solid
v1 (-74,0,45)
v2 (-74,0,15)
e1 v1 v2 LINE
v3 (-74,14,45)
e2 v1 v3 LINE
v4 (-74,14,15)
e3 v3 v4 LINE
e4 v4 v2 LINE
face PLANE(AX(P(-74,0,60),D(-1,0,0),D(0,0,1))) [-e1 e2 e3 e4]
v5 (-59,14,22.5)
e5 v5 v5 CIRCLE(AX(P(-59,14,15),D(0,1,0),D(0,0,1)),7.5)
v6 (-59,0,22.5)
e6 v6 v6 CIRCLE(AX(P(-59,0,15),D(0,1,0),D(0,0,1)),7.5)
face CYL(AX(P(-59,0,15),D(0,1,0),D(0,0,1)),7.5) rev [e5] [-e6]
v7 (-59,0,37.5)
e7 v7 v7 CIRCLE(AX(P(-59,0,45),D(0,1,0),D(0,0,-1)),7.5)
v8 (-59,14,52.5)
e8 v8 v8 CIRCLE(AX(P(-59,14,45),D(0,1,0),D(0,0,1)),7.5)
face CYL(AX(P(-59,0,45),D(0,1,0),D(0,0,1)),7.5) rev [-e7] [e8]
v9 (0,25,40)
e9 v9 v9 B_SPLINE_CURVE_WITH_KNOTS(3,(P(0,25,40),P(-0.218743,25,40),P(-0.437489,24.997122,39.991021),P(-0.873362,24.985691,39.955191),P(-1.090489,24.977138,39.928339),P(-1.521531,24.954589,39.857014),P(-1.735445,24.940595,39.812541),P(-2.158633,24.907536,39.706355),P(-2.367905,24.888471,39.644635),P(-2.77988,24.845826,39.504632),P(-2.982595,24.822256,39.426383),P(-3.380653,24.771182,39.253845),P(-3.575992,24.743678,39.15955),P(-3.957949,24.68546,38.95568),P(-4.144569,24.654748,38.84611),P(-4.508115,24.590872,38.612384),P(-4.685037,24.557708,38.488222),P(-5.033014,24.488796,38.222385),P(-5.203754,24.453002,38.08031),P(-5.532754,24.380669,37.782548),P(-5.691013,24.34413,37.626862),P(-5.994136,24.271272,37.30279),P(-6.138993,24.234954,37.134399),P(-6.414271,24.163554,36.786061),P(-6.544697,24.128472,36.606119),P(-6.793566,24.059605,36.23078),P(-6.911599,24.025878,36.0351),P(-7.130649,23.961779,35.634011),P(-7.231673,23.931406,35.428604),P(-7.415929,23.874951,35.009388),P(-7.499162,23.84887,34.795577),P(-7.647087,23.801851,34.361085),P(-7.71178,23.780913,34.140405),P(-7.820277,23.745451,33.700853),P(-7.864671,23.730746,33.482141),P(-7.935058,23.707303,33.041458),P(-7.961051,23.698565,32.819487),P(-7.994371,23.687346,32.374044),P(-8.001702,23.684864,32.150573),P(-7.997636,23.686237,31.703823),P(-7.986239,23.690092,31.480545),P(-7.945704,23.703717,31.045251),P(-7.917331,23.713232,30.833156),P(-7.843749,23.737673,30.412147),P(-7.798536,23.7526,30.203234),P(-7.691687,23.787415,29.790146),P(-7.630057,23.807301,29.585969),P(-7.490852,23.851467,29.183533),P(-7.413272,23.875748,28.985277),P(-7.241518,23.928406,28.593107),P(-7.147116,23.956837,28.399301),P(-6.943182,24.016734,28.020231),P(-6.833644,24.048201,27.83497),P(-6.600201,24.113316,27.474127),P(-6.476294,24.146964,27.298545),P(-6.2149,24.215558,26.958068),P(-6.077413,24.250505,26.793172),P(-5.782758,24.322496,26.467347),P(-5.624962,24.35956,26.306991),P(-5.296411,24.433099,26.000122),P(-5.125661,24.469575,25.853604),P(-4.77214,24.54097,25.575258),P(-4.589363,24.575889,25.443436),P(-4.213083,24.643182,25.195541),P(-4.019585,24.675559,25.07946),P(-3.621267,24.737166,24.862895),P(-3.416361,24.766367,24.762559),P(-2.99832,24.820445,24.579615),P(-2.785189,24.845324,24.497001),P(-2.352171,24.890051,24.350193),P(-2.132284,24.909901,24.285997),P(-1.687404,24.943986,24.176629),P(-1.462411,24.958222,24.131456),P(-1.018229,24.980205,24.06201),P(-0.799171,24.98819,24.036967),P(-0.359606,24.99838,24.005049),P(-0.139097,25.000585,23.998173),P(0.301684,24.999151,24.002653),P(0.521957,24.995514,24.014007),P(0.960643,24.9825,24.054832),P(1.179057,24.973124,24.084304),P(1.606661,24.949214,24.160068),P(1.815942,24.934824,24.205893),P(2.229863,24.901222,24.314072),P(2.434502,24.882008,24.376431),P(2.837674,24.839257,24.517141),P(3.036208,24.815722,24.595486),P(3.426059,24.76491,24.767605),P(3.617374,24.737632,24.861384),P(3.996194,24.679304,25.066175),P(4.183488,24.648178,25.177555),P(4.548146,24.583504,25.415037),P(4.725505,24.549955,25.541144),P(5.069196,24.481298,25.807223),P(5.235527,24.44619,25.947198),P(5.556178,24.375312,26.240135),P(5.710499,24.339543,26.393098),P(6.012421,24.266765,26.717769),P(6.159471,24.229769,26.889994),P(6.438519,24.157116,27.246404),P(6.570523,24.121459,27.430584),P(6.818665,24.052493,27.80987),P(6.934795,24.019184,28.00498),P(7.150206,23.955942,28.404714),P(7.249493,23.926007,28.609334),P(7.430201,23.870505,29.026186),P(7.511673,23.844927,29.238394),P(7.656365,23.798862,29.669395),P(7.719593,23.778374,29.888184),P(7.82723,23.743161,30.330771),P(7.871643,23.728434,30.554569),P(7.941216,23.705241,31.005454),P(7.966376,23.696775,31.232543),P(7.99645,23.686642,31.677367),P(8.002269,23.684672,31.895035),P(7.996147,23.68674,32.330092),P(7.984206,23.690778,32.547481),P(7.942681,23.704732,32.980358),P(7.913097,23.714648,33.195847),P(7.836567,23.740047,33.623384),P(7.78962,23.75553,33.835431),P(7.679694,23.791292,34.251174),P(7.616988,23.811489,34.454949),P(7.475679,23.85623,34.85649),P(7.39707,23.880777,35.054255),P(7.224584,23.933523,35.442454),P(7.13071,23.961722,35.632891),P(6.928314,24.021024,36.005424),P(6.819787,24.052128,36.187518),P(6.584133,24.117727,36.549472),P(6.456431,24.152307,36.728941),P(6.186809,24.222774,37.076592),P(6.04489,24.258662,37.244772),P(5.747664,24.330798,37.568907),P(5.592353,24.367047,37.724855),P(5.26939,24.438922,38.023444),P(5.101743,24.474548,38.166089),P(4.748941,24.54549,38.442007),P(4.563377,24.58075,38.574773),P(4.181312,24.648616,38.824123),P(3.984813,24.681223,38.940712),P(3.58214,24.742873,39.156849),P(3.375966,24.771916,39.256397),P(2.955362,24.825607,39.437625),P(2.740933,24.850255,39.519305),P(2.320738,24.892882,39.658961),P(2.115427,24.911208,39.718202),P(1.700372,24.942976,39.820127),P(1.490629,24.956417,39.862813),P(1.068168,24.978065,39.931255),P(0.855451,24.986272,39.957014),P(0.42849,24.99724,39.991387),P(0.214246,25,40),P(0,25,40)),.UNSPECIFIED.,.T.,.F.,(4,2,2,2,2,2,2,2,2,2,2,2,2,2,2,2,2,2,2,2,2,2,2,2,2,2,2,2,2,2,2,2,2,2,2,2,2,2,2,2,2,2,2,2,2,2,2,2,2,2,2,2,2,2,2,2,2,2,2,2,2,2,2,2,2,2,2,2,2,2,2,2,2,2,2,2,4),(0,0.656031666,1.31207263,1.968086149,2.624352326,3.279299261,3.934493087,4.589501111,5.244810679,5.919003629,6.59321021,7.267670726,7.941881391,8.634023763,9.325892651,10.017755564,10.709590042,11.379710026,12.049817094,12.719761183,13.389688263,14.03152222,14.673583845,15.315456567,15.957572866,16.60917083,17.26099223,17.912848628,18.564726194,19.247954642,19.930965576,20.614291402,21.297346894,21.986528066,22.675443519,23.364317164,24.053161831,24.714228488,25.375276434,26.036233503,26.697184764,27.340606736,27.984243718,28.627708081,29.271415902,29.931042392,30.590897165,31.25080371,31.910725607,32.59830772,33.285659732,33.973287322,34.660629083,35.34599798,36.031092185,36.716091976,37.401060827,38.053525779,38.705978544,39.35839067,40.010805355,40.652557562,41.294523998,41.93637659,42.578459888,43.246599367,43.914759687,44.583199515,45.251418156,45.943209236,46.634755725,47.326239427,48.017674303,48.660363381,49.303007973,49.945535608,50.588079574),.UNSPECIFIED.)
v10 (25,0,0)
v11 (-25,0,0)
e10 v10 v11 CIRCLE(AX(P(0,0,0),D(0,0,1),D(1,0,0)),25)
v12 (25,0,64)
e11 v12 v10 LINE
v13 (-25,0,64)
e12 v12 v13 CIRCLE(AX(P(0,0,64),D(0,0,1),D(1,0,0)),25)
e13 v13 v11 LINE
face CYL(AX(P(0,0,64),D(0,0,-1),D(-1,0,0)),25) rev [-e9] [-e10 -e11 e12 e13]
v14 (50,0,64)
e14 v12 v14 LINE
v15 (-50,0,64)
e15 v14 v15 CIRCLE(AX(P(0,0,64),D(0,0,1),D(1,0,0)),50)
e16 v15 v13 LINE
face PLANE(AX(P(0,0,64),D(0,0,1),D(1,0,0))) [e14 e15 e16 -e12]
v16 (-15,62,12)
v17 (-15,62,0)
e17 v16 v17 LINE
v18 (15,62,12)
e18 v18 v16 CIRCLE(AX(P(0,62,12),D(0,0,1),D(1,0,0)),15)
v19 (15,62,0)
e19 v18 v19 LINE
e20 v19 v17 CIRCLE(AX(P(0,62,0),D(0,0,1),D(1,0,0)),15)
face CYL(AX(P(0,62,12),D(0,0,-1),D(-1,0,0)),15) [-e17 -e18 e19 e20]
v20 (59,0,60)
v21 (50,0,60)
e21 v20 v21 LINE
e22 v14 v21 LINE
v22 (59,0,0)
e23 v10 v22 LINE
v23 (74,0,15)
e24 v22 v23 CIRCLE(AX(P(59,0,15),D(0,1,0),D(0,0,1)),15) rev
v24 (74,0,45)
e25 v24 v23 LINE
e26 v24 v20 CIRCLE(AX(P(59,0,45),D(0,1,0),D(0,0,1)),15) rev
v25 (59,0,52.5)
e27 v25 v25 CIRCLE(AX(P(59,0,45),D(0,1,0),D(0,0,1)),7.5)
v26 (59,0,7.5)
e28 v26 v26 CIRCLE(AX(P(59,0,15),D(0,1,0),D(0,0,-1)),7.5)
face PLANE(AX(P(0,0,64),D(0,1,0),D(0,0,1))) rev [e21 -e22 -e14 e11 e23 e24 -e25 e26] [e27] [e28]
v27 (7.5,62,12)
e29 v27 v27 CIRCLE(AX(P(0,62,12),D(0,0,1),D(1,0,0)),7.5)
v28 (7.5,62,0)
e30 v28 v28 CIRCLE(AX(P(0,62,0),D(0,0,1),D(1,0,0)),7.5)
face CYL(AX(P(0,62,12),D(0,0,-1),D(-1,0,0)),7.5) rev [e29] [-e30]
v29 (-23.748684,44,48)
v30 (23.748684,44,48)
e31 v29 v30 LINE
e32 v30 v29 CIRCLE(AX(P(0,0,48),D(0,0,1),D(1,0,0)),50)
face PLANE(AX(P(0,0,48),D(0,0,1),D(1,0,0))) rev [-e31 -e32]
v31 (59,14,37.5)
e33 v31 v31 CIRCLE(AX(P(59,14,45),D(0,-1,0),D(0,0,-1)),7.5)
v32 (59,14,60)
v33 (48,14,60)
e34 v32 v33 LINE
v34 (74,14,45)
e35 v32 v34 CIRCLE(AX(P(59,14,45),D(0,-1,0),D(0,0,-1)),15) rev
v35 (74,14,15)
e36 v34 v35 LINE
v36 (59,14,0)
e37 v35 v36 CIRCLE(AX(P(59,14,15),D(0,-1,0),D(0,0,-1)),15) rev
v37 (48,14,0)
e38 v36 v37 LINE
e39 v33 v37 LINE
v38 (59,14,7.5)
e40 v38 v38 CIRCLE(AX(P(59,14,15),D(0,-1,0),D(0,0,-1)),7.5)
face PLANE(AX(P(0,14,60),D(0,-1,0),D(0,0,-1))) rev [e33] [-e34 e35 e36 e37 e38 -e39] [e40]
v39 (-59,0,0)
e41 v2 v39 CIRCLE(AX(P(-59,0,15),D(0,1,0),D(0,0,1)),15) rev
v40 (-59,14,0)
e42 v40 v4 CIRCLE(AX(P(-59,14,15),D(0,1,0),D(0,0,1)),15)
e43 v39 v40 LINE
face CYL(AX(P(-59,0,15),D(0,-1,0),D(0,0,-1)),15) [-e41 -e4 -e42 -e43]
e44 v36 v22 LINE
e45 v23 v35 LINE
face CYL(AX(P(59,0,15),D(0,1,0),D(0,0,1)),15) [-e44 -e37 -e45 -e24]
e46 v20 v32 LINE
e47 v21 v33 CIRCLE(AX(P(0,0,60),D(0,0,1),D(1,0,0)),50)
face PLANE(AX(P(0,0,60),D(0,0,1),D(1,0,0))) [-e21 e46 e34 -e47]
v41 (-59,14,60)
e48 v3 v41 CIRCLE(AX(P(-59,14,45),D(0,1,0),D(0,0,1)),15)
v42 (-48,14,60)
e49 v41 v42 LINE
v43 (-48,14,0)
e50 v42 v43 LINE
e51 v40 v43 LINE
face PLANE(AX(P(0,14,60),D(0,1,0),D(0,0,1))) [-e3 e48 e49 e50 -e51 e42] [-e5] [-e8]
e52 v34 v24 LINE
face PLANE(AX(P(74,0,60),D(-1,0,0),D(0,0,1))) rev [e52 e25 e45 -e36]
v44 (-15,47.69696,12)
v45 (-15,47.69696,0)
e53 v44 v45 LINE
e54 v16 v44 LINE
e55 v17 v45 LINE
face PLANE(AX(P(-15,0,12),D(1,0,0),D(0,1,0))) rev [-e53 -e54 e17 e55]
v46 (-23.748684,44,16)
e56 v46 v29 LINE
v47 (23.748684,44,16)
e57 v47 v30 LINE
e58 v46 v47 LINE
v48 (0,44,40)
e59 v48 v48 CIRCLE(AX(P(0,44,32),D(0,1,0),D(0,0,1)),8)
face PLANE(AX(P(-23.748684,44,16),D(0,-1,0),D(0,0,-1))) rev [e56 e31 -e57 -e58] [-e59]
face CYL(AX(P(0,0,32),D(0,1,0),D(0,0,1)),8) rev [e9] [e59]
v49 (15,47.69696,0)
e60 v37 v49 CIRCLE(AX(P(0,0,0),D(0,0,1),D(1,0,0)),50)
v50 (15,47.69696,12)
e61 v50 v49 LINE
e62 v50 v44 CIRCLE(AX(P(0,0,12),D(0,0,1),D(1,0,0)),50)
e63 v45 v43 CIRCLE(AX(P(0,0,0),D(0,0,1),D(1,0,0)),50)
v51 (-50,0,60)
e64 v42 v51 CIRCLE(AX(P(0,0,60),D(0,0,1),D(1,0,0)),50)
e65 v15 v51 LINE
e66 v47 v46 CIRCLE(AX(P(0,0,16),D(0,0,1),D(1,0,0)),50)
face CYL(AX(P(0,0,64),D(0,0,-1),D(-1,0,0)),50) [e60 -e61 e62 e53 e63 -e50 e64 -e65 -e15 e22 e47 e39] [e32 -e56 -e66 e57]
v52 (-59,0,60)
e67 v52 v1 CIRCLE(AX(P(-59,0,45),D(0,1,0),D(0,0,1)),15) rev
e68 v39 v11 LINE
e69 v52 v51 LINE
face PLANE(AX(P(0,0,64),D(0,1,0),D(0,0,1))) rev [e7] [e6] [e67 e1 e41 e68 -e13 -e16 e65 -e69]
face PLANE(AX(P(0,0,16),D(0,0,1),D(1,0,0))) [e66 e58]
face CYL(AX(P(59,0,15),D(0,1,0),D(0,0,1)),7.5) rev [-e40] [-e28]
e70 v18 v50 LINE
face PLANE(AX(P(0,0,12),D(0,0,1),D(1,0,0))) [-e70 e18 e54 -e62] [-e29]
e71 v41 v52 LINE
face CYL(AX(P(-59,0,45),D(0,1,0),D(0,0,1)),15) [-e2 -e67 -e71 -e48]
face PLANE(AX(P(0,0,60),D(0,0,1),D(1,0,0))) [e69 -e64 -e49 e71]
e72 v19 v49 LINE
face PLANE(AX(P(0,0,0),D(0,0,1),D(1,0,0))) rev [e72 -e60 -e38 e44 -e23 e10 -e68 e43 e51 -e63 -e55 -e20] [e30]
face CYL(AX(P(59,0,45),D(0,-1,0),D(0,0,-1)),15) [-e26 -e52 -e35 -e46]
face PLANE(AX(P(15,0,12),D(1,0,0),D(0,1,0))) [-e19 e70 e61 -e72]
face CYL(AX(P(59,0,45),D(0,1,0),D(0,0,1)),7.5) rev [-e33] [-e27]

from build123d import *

# Parameters (mm, degrees)
EXTRUDE_1_DEPTH          = 64
EXTRUDE_2_DEPTH          = 60
SKETCH_1_4_R             = 7.5
EXTRUDE_3_DEPTH          = 12
FILLET_1_R               = 15
CUT_EXTRUDE_1_DEPTH      = 117.365802537
CUT_EXTRUDE_1_DEPTH_BACK = 117.365802537
SKETCH_3_R               = 7.5
CUT_EXTRUDE_START        = -48
CUT_EXTRUDE_2_DEPTH      = 32
SKETCH_5_R               = 8
CUT_EXTRUDE_3_DEPTH      = 108.275346655


with BuildPart() as part:
    # 草图1 → 凸台-拉伸1 (new body)
    with BuildSketch(Plane.XY):
        with BuildLine():
            ThreePointArc((-48, 14), (-49.497474683, 7.071067812), (-50, 0))
            Line((-50, 0), (-25, 0))
            ThreePointArc((-25, 0), (0, 25), (25, 0))
            Line((25, 0), (50, 0))
            ThreePointArc((50, 0), (49.497474683, 7.071067812), (48, 14))
            ThreePointArc((48, 14), (35.722839746, 34.983978054), (15, 47.696960071))
            ThreePointArc((15, 47.696960071), (0, 50), (-15, 47.696960071))
            ThreePointArc((-15, 47.696960071), (-35.722839746, 34.983978054), (-48, 14))
        make_face()
    extrude(amount=EXTRUDE_1_DEPTH)

    # 草图1<3> → 凸台-拉伸2 (add)
    with BuildSketch(Plane.XY):
        with BuildLine():
            Line((-74, 14), (-74, 0))
            Line((-74, 0), (-50, 0))
            ThreePointArc((-50, 0), (-49.497474683, 7.071067812), (-48, 14))
            Line((-48, 14), (-74, 14))
        make_face()
        with BuildLine():
            ThreePointArc((48, 14), (49.497474683, 7.071067812), (50, 0))
            Line((50, 0), (74, 0))
            Line((74, 0), (74, 14))
            Line((74, 14), (48, 14))
        make_face()
    extrude(amount=EXTRUDE_2_DEPTH)

    # 草图1<4> → 凸台-拉伸3 (add)
    with BuildSketch(Plane.XY):
        with BuildLine():
            Line((-15, 62), (-15, 47.696960071))
            ThreePointArc((-15, 47.696960071), (0, 50), (15, 47.696960071))
            Line((15, 47.696960071), (15, 62))
            ThreePointArc((15, 62), (0, 77), (-15, 62))
        make_face()
        with Locations((0, 62)):
            Circle(SKETCH_1_4_R, mode=Mode.SUBTRACT)
    extrude(amount=EXTRUDE_3_DEPTH)

    # 圆角1
    fillet_1_edges = [part.edges().sort_by_distance(p)[0] for p in [
        (74, 7, 0),
        (74, 7, 60),
        (-74, 7, 60),
        (-74, 7, 0),
    ]]
    fillet(fillet_1_edges, radius=FILLET_1_R)

    # 草图3 → 切除-拉伸1 (cut, two sides: drawn at the far end of the back side and taken through both)
    with BuildSketch(Plane(origin=(0, 14, 0), x_dir=(1, 0, 0), z_dir=(0, 1, 0)).offset(-CUT_EXTRUDE_1_DEPTH_BACK)):
        with Locations((-59, -15)):
            Circle(SKETCH_3_R)
        with Locations((-59, -45)):
            Circle(SKETCH_3_R)
        with Locations((59, -15)):
            Circle(SKETCH_3_R)
        with Locations((59, -45)):
            Circle(SKETCH_3_R)
    extrude(amount=CUT_EXTRUDE_1_DEPTH + CUT_EXTRUDE_1_DEPTH_BACK, mode=Mode.SUBTRACT)

    # 草图4 → 切除-拉伸2 (cut)
    with BuildSketch(Plane.XY.offset(64).offset(CUT_EXTRUDE_START)):
        with BuildLine():
            Line((-23.748684174, 44), (23.748684174, 44))
            ThreePointArc((23.748684174, 44), (0, 50), (-23.748684174, 44))
        make_face()
    extrude(amount=CUT_EXTRUDE_2_DEPTH, mode=Mode.SUBTRACT)

    # 草图5 → 切除-拉伸3 (cut, through all)
    with BuildSketch(Plane(origin=(0, 44, 0), x_dir=(1, 0, 0), z_dir=(0, 1, 0))):
        with Locations((0, -32)):
            Circle(SKETCH_5_R)
    extrude(amount=-CUT_EXTRUDE_3_DEPTH, mode=Mode.SUBTRACT)


solid = part.part
